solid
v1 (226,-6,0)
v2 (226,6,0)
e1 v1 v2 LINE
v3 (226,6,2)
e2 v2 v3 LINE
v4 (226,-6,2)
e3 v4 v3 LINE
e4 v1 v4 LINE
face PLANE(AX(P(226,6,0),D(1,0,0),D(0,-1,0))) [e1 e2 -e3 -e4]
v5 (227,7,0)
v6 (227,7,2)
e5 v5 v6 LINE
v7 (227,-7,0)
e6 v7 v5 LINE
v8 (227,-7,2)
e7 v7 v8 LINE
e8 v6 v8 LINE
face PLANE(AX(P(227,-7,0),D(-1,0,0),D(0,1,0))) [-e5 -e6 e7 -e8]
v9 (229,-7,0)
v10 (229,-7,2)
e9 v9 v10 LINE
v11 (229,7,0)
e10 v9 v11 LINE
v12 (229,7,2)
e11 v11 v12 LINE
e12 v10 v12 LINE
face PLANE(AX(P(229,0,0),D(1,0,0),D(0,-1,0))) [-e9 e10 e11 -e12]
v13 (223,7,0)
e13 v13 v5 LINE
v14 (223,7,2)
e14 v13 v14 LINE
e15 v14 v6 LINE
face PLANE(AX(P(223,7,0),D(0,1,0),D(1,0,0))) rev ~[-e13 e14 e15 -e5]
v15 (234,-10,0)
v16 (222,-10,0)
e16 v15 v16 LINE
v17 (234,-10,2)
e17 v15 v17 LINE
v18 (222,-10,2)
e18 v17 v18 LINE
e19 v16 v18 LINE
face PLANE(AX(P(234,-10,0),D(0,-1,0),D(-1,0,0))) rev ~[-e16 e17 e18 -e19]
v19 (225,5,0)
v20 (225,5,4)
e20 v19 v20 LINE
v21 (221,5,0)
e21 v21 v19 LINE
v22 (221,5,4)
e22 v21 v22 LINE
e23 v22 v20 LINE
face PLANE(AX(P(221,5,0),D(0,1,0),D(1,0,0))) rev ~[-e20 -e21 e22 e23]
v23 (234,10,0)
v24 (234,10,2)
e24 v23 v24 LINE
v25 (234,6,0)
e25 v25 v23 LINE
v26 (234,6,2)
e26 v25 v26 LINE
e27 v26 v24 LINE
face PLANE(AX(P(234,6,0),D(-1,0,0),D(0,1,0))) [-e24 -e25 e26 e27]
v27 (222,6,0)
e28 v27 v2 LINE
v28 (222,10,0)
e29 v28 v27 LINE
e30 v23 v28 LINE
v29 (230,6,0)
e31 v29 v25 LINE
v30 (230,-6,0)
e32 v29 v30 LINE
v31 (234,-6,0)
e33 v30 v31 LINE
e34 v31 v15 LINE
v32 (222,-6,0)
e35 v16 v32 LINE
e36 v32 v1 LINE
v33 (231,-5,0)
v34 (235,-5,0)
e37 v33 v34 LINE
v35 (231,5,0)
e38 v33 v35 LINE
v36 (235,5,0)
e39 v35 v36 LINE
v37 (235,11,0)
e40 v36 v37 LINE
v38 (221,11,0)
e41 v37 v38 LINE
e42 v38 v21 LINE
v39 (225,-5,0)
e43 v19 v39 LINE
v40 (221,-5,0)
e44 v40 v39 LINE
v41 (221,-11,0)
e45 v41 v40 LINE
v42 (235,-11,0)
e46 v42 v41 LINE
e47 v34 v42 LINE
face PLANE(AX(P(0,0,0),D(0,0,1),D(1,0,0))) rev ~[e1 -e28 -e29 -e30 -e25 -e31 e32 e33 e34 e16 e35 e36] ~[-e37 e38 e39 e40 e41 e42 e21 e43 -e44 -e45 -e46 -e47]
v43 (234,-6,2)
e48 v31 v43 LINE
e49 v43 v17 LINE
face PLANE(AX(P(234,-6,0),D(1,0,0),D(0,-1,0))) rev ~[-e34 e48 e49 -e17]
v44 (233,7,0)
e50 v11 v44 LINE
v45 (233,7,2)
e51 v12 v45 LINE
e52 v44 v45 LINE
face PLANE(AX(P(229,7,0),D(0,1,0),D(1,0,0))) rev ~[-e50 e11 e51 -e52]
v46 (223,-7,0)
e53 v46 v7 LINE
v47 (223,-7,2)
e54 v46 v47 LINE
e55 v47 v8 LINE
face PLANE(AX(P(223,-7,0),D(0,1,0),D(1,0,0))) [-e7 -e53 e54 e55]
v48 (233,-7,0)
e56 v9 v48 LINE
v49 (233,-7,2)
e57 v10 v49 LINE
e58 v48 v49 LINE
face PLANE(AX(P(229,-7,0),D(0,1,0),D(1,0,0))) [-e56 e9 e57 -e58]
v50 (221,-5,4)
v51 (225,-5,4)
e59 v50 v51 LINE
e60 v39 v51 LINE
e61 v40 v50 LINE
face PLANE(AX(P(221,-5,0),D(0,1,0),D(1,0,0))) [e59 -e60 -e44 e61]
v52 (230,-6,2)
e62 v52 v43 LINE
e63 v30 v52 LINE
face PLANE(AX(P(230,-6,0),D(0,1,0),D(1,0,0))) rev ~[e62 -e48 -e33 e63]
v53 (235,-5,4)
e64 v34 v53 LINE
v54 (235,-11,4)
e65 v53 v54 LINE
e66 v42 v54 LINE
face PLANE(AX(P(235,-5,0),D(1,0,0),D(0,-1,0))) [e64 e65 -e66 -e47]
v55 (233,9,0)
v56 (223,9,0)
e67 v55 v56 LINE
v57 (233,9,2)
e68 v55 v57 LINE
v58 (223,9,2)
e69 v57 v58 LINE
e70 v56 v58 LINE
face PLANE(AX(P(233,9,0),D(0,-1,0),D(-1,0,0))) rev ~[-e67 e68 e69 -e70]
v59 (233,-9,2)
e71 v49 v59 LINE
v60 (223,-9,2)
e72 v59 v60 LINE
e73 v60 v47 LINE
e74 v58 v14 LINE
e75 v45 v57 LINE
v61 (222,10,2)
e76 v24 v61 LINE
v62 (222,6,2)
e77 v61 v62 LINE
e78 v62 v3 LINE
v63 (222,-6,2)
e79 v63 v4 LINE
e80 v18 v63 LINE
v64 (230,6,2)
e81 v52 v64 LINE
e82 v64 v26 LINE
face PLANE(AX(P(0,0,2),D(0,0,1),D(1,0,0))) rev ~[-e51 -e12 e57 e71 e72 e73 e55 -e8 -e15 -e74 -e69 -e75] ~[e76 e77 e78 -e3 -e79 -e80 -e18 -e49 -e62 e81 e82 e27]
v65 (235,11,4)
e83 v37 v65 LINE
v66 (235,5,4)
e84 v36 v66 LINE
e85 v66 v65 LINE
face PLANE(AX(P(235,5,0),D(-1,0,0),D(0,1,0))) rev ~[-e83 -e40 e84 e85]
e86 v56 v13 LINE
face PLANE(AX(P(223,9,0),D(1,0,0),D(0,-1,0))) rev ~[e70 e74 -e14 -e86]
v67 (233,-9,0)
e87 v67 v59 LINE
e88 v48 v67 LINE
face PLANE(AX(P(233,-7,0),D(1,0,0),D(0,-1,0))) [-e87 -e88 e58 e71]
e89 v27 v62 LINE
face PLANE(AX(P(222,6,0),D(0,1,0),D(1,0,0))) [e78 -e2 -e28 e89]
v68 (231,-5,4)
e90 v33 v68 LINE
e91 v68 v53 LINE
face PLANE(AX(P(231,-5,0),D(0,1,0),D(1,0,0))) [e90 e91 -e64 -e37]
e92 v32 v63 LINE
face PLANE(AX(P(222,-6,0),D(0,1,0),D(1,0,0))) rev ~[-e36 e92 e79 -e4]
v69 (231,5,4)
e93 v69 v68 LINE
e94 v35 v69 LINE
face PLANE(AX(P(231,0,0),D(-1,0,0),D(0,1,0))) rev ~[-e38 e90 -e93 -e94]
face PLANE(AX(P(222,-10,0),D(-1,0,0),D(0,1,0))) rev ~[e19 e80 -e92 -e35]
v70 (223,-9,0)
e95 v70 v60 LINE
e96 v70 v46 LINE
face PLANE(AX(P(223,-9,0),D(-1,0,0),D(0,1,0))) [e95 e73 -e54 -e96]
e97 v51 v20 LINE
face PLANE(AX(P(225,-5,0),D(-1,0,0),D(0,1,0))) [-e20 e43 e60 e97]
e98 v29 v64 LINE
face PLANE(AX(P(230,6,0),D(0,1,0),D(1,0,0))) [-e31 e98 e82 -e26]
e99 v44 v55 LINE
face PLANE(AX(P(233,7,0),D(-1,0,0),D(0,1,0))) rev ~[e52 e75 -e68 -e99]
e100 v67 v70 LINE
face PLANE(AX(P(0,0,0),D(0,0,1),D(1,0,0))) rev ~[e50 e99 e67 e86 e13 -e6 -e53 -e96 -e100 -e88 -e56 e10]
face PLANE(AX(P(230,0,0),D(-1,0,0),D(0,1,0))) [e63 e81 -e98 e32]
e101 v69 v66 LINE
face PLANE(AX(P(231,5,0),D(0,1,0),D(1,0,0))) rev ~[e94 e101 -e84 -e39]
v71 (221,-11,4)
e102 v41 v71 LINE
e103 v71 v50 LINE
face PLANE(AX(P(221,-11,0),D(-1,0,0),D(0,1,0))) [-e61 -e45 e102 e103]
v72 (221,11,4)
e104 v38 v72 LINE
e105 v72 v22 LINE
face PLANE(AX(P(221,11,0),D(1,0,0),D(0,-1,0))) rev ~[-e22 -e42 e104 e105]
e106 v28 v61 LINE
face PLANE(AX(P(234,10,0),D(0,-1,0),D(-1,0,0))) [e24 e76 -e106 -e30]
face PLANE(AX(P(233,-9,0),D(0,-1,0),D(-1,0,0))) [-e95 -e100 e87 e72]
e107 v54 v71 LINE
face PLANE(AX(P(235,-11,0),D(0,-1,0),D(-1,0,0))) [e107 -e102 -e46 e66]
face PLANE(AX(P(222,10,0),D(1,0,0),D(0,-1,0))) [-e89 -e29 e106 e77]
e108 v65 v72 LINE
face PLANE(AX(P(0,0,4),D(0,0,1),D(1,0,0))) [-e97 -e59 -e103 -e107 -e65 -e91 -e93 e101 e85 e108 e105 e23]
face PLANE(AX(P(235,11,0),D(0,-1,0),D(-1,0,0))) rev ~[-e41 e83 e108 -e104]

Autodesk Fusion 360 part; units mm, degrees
sketch "Sketch1" plane through (0, 0, 0) normal (0, 0, 1) x (1, 0, 0)
  line L0 (230, 0) -> (230, -6)
  line L1 (230, -6) -> (234, -6)
  line L2 (234, -6) -> (234, -10)
  line L3 (234, -10) -> (222, -10)
  line L4 (222, -10) -> (222, -6)
  line L5 (222, -6) -> (226, -6)
  line L6 (226, -6) -> (226, 0)
  line L7 (226, 0) -> (230, 0)
  line L8 (230, 6) -> (234, 6)
  line L9 (234, 6) -> (234, 10)
  line L10 (234, 10) -> (222, 10)
  line L11 (222, 10) -> (222, 6)
  line L12 (222, 6) -> (226, 6)
  line L13 (226, 6) -> (226, 0)
  line L14 (230, 0) -> (230, 6)
  line L15 (229, 0) -> (229, 7)
  line L16 (229, 7) -> (233, 7)
  line L17 (233, 7) -> (233, 9)
  line L18 (233, 9) -> (223, 9)
  line L19 (223, 9) -> (223, 7)
  line L20 (223, 7) -> (227, 7)
  line L21 (227, 7) -> (227, 0)
  line L22 (229, 0) -> (229, -7)
  line L23 (229, -7) -> (233, -7)
  line L24 (233, -7) -> (233, -9)
  line L25 (233, -9) -> (223, -9)
  line L26 (223, -9) -> (223, -7)
  line L27 (223, -7) -> (227, -7)
  line L28 (227, -7) -> (227, 0)
  line L29 (235, -5) -> (235, -11)
  line L30 (235, -11) -> (221, -11)
  line L31 (221, -11) -> (221, -5)
  line L32 (221, -5) -> (225, -5)
  line L33 (225, -5) -> (225, 0)
  line L34 (225, 5) -> (225, 0)
  line L35 (221, 5) -> (225, 5)
  line L36 (221, 11) -> (221, 5)
  line L37 (235, 11) -> (221, 11)
  line L38 (235, 5) -> (235, 11)
  line L39 (231, 5) -> (235, 5)
  line L40 (231, 0) -> (231, 5)
  line L41 (231, 0) -> (231, -5)
  line L42 (231, -5) -> (235, -5)
  dimension "d775" = 6
  dimension "d776" = 4
  dimension "d777" = 12
  dimension "d778" = 4
  dimension "d779" = 4
  dimension "d780" = 4
  dimension "d781" = -1
  dimension "d782" = 1
  dimension "d783" = 1
extrude "Extrude1" add sketch "Sketch1" along normal blind 4 contours L7 L22 L23 L24 L25 L26 L27 L28 | L7 L15 L16 L17 L18 L19 L20 L21 | L29 L30 L31 L32 L33 L34 L35 L36 L37 L38 L39 L40 L41 L42 makes body 1 at (227.6667, -8.3333, 0) makes body 2 at (226, -10.6667, 0)
extrude "Extrude2" add sketch "Sketch1" along normal blind 2 from surface at 2 contours L0 L1 L2 L3 L4 L5 L6 L7 L22 L23 L24 L25 L26 L27 L28 | L7 L8 L9 L10 L11 L12 L13 L14 L15 L16 L17 L18 L19 L20 L21 bodies 1 2
